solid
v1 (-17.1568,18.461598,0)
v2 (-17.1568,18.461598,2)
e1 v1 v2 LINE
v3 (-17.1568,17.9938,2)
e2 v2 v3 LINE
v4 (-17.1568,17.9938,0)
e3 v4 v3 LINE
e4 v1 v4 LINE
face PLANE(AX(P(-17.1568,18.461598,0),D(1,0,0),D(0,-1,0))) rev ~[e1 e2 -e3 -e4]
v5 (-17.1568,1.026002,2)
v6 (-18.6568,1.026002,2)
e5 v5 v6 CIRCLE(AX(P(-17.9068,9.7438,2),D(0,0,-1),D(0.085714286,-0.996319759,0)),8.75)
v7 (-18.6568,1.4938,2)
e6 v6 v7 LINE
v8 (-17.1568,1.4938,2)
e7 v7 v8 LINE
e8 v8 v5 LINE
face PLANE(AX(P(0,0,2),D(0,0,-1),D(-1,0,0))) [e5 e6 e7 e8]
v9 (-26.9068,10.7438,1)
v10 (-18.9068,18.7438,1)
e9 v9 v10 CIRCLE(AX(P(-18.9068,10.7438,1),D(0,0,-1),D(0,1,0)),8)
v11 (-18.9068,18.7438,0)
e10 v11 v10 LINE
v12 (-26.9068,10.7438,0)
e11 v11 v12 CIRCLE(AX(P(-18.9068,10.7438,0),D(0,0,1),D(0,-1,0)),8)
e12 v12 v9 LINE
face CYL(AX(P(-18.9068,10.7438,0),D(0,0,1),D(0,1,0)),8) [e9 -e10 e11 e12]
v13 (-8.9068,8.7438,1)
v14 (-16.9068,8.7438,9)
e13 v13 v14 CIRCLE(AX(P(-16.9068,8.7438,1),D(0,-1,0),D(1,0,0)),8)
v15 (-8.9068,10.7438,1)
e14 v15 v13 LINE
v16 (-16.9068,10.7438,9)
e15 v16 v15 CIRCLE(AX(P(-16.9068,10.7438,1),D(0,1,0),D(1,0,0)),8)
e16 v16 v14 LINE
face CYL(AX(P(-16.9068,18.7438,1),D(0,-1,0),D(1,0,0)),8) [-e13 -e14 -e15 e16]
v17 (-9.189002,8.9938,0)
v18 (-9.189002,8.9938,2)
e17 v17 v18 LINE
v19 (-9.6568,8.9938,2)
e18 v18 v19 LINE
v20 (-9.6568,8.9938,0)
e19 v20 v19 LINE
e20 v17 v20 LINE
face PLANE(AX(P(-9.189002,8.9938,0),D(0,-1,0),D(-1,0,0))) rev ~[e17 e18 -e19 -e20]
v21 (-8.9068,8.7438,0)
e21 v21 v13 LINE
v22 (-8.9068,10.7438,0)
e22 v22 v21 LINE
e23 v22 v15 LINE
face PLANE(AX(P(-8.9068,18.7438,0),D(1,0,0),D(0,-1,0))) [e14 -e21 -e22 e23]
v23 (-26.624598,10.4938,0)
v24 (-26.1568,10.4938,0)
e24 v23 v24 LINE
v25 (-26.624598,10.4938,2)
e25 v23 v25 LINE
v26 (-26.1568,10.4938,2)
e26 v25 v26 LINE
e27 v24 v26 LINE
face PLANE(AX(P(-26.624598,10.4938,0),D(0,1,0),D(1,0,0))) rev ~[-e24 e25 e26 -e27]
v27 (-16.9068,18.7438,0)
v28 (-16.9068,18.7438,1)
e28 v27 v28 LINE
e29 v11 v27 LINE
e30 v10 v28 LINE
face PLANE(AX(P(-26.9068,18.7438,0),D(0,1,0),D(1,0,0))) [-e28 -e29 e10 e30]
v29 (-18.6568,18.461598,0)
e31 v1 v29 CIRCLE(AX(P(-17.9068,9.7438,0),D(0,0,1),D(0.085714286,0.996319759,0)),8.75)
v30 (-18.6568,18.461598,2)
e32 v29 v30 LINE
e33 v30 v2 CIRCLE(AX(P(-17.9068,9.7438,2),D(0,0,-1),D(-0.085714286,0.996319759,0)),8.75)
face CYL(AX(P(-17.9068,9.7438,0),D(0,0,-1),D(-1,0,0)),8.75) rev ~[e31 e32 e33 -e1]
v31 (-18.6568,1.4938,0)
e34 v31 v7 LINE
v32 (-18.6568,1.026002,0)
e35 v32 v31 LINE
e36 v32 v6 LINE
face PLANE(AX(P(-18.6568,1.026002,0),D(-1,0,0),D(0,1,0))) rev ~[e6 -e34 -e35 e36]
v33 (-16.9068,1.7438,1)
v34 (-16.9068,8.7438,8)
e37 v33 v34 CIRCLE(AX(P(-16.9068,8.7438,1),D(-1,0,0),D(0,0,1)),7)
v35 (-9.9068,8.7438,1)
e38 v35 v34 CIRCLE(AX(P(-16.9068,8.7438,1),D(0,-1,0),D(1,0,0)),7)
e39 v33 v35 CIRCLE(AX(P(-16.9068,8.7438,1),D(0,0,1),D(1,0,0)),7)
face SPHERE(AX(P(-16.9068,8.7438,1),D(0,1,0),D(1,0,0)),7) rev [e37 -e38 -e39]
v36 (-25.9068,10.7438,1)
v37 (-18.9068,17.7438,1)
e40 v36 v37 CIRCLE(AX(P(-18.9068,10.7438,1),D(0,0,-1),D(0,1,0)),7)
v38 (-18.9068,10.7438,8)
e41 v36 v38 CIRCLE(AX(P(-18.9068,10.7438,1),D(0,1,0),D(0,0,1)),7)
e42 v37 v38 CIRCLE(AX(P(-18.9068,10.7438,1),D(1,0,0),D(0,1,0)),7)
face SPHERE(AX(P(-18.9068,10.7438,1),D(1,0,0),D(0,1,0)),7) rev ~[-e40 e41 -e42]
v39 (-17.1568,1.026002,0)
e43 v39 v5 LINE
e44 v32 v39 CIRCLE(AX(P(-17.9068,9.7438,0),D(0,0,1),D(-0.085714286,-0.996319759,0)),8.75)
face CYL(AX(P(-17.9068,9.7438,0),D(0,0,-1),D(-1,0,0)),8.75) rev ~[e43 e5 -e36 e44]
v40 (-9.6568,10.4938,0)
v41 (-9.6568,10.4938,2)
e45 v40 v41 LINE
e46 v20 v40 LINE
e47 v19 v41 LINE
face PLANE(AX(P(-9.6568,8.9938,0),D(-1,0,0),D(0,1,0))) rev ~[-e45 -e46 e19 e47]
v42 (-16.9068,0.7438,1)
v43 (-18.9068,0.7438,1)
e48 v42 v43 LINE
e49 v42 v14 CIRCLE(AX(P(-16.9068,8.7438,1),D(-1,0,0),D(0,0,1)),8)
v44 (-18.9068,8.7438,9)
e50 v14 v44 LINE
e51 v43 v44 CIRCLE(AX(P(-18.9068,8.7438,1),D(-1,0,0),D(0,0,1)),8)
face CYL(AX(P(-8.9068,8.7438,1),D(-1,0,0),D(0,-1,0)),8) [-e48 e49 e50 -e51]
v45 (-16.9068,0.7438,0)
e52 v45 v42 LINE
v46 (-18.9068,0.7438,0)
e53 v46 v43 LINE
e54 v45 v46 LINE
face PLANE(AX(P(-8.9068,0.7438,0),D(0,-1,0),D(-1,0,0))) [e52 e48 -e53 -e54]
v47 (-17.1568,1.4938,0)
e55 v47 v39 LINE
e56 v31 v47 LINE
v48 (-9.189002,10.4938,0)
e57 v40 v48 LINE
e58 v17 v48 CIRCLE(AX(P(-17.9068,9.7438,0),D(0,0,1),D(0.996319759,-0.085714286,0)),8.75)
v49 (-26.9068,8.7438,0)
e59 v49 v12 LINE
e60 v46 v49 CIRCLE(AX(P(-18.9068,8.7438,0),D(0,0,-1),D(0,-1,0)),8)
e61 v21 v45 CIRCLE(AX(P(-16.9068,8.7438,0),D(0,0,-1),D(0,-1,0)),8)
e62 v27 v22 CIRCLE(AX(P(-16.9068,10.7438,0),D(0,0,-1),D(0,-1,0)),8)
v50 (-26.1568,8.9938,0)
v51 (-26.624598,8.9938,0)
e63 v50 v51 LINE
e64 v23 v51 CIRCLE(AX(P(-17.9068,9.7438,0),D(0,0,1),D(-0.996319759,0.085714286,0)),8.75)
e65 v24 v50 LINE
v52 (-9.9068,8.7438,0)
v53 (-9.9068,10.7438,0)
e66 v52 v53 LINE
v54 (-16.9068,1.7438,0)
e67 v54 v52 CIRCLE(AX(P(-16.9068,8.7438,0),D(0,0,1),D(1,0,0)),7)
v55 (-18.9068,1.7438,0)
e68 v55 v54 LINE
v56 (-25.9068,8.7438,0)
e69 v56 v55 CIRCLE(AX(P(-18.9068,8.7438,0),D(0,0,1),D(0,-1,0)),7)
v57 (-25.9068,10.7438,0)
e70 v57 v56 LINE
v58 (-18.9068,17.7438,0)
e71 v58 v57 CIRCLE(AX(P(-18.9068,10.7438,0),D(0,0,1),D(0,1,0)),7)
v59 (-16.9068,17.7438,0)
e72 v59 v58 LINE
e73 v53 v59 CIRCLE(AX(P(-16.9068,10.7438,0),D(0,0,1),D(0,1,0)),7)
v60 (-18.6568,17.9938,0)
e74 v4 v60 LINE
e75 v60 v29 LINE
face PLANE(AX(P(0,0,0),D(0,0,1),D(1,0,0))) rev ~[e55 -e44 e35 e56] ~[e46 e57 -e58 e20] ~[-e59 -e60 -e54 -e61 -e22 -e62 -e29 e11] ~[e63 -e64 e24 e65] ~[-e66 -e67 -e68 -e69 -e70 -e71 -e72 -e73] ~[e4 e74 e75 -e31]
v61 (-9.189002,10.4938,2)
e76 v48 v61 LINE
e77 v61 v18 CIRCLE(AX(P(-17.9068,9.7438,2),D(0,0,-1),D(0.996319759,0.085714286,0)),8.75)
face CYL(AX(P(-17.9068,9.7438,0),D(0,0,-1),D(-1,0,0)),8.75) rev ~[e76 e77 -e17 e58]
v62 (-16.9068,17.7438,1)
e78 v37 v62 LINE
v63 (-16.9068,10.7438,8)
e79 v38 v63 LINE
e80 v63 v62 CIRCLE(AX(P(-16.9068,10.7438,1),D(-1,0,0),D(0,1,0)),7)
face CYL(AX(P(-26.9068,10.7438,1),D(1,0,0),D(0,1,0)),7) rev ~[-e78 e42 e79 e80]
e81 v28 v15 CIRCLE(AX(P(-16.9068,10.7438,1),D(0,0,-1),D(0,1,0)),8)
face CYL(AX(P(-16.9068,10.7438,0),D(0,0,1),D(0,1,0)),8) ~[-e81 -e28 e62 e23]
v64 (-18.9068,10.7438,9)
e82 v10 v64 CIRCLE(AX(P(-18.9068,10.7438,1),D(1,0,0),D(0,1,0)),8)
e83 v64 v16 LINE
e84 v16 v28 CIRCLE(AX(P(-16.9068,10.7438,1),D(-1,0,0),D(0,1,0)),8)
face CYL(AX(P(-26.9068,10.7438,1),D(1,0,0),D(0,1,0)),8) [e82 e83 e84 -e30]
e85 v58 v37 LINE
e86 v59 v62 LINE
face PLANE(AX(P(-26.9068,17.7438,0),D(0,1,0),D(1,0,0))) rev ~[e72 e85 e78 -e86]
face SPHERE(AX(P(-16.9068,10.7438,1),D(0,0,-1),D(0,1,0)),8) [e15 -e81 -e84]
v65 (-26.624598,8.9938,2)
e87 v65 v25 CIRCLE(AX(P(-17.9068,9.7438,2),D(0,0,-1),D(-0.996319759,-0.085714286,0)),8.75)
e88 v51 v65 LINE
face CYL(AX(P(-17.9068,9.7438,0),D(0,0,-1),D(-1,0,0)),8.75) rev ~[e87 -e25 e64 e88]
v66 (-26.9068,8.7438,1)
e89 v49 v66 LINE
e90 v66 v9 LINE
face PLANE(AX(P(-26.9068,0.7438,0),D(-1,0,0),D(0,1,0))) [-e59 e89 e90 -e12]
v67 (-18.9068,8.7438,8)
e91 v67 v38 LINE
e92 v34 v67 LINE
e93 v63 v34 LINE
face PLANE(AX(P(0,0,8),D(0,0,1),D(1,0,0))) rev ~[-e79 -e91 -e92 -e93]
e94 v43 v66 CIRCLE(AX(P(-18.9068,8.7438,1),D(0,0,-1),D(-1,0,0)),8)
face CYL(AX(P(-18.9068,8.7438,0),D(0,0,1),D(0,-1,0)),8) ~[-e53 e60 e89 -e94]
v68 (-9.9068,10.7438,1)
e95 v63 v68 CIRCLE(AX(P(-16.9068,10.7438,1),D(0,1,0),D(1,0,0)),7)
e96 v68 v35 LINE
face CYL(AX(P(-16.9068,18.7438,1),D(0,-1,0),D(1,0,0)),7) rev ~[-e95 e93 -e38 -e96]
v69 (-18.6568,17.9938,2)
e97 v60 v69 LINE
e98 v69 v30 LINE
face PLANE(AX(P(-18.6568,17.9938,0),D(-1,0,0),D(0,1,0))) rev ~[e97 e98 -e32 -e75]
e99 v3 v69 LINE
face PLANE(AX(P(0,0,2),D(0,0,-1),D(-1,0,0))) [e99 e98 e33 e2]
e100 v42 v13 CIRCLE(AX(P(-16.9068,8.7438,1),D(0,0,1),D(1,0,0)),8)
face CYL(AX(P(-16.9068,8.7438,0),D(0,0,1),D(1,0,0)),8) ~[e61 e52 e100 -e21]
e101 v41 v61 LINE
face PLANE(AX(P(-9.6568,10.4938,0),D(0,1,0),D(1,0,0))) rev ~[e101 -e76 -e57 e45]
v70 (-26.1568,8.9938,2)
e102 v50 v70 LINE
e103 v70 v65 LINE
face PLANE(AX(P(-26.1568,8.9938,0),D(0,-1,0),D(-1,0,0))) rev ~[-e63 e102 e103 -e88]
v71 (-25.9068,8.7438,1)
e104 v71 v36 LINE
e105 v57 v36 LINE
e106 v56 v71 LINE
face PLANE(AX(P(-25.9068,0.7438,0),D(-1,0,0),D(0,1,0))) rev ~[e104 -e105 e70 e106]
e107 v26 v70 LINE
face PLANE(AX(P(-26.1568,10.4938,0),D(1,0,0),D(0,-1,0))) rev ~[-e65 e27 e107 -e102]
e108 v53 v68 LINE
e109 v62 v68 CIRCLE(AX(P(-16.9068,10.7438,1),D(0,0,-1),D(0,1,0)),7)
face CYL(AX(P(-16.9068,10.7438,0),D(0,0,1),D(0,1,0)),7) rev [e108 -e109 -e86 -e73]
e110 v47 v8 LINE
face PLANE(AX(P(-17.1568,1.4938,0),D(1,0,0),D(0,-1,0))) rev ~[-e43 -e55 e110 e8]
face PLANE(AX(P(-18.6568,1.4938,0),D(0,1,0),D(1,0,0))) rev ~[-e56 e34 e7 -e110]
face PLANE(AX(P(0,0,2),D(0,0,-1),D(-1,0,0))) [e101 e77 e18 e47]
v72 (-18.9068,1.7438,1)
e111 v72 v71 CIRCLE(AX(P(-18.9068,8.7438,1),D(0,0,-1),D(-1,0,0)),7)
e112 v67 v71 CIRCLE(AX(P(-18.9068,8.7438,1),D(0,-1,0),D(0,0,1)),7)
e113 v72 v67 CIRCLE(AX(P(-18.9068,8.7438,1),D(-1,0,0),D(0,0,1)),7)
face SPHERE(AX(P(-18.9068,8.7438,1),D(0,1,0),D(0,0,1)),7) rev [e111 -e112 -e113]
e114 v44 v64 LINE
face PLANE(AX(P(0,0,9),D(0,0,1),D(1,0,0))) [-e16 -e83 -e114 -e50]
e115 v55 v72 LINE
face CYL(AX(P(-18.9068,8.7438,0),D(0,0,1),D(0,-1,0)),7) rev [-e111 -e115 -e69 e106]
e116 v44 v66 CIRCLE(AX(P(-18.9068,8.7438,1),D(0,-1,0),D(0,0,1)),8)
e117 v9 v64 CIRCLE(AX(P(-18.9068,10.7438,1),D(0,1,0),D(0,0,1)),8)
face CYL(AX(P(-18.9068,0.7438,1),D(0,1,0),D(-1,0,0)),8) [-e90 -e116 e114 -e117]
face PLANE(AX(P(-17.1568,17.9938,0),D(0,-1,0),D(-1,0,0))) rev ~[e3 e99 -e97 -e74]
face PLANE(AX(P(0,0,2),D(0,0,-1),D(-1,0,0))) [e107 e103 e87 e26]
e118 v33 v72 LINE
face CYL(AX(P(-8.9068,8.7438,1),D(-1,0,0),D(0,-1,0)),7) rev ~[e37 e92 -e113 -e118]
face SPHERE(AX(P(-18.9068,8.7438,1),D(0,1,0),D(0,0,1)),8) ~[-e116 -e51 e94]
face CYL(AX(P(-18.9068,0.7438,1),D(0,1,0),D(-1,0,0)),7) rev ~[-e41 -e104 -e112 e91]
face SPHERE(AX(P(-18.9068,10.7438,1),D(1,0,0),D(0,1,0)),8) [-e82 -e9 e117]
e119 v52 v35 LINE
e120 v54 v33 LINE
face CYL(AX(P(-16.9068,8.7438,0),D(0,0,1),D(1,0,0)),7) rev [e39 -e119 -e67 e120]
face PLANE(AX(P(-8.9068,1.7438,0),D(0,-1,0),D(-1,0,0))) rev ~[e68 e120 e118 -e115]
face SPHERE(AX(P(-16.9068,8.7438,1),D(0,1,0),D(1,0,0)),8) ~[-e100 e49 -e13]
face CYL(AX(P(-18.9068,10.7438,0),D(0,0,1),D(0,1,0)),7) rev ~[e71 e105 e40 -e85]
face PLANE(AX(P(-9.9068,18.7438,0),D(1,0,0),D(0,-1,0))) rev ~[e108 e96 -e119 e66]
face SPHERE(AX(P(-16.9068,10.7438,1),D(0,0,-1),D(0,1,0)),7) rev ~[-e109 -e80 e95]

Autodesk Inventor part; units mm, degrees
ref_plane "YZ Plane" through (0, 0, 0) normal (1, 0, 0) x (0, 1, 0)
ref_plane "XZ Plane" through (0, 0, 0) normal (0, 1, 0) x (-1, 0, 0)
ref_plane "XY Plane" through (0, 0, 0) normal (0, 0, 1) x (1, 0, 0)
sketch "Sketch1" plane through (0, 0, 0) normal (0, 0, 1) x (1, 0, 0)
  line L0 (-26.9068, 18.7438) -> (-8.9068, 18.7438)
  line L1 (-8.9068, 18.7438) -> (-8.9068, 0.7438)
  line L2 (-8.9068, 0.7438) -> (-26.9068, 0.7438)
  line L3 (-26.9068, 0.7438) -> (-26.9068, 18.7438)
  point P0 (0, 0)
  dimension "d5" = 18
  dimension "d6" = 18
extrude "Extrusion1" add sketch "Sketch1" along normal blind 9
sketch "Sketch2" plane through (0, 0, 0) normal (0, 0, -1) x (-1, 0, 0)
  line L0 (8.9068, 18.7438) -> (26.9068, 18.7438) projected
  arc A0 (26.9068, 10.7438) -> (18.9068, 18.7438) centre (18.9068, 10.7438) ccw projected
  arc A1 (25.9068, 10.7438) -> (18.9068, 17.7438) centre (18.9068, 10.7438) ccw projected
  line L1 (9.9068, 17.7438) -> (25.9068, 17.7438) projected
  arc A2 (16.9068, 17.7438) -> (9.9068, 10.7438) centre (16.9068, 10.7438) ccw projected
  arc A3 (16.9068, 18.7438) -> (8.9068, 10.7438) centre (16.9068, 10.7438) ccw projected
  line L2 (8.9068, 0.7438) -> (8.9068, 18.7438) projected
  line L3 (9.9068, 1.7438) -> (9.9068, 17.7438) projected
  arc A4 (8.9068, 8.7438) -> (16.9068, 0.7438) centre (16.9068, 8.7438) ccw projected
  arc A5 (9.9068, 8.7438) -> (16.9068, 1.7438) centre (16.9068, 8.7438) ccw projected
  line L4 (26.9068, 0.7438) -> (8.9068, 0.7438) projected
  line L5 (25.9068, 1.7438) -> (9.9068, 1.7438) projected
  arc A6 (18.9068, 0.7438) -> (26.9068, 8.7438) centre (18.9068, 8.7438) ccw projected
  arc A7 (18.9068, 1.7438) -> (25.9068, 8.7438) centre (18.9068, 8.7438) ccw projected
  line L6 (25.9068, 17.7438) -> (25.9068, 1.7438) projected
  line L7 (26.9068, 18.7438) -> (26.9068, 0.7438) projected
  line L8 (26.6568, 10.4938) -> (26.1568, 10.4938)
  line L9 (26.1568, 10.4938) -> (26.1568, 8.9938)
  line L10 (26.1568, 8.9938) -> (26.6568, 8.9938)
  line L11 (26.6568, 8.9938) -> (26.6568, 10.4938)
  circle A8 centre (17.9068, 9.7438) radius 8.75
  line L12 (17.1568, 17.9938) -> (18.6568, 17.9938)
  line L13 (18.6568, 17.9938) -> (18.6568, 18.4938)
  line L14 (18.6568, 18.4938) -> (17.1568, 18.4938)
  line L15 (17.1568, 18.4938) -> (17.1568, 17.9938)
  line L16 (9.6568, 8.9938) -> (9.6568, 10.4938)
  line L17 (9.6568, 10.4938) -> (9.1568, 10.4938)
  line L18 (9.1568, 10.4938) -> (9.1568, 8.9938)
  line L19 (9.1568, 8.9938) -> (9.6568, 8.9938)
  line L20 (18.6568, 1.4938) -> (17.1568, 1.4938)
  line L21 (17.1568, 1.4938) -> (17.1568, 0.9938)
  line L22 (17.1568, 0.9938) -> (18.6568, 0.9938)
  line L23 (18.6568, 0.9938) -> (18.6568, 1.4938)
  point P0 (0, 0)
  point P1 (18.6568, 18.4616)
  point P2 (17.1568, 18.4616)
  point P3 (9.189, 10.4938)
  point P4 (9.189, 8.9938)
  point P5 (17.1568, 1.026)
  point P6 (18.6568, 1.026)
  point P7 (26.6245, 8.9938)
  point P8 (26.6245, 10.4938)
  dimension "d12" = 1.5
  dimension "d13" = 0.5
  dimension "d14" = 0.25
  dimension "d16" = 0.25
  dimension "d18" = 8
  dimension "d19" = 17.5
  dimension "d22" = 360
fillet "Fillet3" radius 8 8 edges at (-8.9068, 18.7438, 4.5) (-17.9068, 18.7438, 9) (-26.9068, 18.7438, 4.5) (-26.9068, 9.7438, 9) (-8.9068, 9.7438, 9) (-8.9068, 0.7438, 4.5) (-17.9068, 0.7438, 9) (-26.9068, 0.7438, 4.5)
shell "Shell2" thickness 1 removed faces 1 at (-17.5734, 12.7438, 0)
extrude "Extrusion4" cut sketch "Sketch2" against normal blind 2 contours A8 L13 L12 L15 | L17 L16 L19 A8 | A8 L10 L9 L8 | L21 L20 L23 A8
properties part number "McCrea_horny_kos_walle_MIR2" material "Silver"
